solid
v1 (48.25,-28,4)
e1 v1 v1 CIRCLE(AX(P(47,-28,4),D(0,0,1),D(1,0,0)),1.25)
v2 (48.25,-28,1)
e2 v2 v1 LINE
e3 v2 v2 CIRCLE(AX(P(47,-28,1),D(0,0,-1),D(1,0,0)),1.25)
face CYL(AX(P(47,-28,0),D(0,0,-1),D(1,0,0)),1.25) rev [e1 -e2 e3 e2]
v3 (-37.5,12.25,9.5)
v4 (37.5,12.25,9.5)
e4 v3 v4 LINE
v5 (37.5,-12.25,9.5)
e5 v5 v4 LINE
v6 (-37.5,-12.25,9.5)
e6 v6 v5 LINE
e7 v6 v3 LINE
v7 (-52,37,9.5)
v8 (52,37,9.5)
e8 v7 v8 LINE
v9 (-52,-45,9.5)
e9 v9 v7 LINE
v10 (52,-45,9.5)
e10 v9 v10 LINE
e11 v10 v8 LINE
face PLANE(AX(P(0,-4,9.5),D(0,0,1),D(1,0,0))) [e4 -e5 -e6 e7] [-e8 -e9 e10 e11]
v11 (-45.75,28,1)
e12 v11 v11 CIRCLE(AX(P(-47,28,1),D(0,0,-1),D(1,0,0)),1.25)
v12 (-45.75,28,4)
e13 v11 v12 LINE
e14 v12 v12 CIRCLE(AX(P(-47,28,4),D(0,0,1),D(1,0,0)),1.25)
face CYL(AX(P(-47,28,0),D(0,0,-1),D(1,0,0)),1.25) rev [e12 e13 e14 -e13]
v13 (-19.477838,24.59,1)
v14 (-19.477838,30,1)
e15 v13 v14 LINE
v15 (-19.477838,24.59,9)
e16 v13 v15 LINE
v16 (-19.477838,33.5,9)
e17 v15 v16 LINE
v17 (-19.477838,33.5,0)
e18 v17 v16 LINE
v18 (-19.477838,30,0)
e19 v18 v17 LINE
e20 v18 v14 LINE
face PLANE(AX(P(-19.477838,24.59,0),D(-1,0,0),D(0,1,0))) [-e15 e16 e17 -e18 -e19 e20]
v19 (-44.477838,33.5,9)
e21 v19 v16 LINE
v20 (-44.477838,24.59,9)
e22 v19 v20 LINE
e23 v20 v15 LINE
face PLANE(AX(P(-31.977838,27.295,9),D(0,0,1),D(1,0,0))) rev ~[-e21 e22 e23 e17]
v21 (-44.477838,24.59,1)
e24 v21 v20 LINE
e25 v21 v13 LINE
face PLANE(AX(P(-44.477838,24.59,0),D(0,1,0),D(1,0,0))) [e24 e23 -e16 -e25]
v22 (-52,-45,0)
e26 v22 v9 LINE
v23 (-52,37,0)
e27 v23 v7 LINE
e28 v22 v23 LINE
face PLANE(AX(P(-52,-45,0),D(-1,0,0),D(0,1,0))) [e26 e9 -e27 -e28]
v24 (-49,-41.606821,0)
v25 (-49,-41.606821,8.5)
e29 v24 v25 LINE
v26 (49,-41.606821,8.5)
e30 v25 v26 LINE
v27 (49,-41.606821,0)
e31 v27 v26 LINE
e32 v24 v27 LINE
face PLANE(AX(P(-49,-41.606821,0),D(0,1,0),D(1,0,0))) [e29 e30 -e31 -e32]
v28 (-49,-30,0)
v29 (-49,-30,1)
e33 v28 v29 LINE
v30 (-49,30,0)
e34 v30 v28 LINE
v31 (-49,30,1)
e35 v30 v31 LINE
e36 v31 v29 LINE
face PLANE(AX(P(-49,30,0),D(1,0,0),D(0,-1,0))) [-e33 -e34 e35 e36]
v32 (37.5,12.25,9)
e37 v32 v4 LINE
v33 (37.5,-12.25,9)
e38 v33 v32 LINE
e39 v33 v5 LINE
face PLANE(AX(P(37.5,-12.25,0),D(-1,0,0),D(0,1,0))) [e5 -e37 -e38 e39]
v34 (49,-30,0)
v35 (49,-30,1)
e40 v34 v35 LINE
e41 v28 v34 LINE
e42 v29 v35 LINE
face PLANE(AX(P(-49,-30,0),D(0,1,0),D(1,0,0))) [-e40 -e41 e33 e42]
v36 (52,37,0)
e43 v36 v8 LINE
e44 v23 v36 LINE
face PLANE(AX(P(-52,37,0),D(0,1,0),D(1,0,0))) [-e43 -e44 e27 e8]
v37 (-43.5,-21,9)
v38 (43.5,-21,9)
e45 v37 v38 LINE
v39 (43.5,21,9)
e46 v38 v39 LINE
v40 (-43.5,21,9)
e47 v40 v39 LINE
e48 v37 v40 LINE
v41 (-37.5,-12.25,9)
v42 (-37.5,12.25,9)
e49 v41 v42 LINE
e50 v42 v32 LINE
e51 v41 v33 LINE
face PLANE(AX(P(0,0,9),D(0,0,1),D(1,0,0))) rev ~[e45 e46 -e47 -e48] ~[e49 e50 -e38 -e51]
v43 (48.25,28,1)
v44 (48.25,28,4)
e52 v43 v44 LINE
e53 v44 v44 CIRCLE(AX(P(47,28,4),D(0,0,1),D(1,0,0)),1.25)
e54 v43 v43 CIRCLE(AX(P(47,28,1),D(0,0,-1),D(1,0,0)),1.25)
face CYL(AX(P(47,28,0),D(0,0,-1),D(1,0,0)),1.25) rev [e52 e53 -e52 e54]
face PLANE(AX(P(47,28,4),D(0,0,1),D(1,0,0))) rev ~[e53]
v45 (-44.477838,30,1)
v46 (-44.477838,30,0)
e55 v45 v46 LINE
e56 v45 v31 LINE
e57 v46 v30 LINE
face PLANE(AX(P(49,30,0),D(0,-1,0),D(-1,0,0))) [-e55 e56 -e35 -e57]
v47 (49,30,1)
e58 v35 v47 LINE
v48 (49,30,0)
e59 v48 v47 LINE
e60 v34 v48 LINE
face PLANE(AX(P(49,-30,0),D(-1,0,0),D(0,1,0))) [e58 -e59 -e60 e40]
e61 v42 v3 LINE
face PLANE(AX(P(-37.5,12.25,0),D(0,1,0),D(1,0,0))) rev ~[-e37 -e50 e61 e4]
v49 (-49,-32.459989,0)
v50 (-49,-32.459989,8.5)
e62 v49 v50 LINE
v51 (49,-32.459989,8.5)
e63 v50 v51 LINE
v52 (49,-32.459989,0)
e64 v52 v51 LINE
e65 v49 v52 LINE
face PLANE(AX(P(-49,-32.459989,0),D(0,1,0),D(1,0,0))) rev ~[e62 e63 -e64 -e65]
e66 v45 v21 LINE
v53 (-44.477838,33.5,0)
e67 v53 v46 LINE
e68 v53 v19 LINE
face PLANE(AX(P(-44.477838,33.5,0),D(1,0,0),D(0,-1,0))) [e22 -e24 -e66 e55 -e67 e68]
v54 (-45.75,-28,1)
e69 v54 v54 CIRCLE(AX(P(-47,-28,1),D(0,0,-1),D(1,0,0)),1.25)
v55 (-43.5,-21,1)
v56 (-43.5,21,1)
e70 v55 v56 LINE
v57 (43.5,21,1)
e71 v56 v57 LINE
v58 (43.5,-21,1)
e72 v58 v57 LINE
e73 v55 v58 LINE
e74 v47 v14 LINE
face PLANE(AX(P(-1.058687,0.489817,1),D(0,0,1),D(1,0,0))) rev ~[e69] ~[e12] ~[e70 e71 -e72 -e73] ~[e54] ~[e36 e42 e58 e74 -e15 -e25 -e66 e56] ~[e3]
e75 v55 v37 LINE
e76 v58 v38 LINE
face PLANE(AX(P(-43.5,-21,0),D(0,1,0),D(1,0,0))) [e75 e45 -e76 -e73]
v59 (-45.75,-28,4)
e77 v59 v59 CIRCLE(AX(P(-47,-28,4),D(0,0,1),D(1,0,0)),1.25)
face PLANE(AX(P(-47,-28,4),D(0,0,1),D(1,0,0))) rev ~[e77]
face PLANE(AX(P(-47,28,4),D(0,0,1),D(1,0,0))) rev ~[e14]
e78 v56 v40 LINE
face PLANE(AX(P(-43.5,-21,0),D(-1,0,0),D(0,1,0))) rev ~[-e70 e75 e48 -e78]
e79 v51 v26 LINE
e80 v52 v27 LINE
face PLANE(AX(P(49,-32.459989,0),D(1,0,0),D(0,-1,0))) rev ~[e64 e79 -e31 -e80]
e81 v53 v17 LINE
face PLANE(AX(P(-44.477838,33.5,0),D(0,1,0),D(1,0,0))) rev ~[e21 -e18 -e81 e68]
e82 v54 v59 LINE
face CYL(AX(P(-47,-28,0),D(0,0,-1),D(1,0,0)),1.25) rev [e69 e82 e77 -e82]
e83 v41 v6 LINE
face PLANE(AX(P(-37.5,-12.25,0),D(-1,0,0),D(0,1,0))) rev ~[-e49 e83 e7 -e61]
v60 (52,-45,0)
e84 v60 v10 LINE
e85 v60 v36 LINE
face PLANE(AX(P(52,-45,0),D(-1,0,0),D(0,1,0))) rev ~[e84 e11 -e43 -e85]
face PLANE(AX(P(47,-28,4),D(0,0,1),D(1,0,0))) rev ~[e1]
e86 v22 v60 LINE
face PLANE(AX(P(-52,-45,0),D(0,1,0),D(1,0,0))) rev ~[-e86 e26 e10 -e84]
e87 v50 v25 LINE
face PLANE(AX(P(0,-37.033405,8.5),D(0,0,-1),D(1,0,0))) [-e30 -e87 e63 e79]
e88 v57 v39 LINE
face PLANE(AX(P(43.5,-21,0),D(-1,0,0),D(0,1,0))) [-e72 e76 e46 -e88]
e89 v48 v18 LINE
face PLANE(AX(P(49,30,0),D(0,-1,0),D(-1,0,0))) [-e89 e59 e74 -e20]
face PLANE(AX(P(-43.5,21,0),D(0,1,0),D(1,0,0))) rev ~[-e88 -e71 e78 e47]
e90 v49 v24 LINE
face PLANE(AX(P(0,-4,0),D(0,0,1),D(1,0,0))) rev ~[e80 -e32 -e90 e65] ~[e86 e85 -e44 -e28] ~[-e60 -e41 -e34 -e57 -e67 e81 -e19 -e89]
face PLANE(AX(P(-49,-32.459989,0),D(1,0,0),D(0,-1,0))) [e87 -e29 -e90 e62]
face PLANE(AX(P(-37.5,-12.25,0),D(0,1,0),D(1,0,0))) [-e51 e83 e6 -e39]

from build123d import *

# Parameters (mm, degrees)
F1_W     = 104
F1_H     = 82
F1_W_2   = 87
F1_H_2   = 42
F1_W_3   = 75
F1_H_3   = 24.5
F1_W_4   = 25
F1_H_4   = 5.41
F1_H_5   = 3.5
F2_DEPTH = 9.5
F3_DEPTH = 9
F4_DEPTH = 1
F0_R     = 1.25
F5_DEPTH = 4
F6_W     = 98
F6_H     = 9.1468319297
F7_DEPTH = 8.5


with BuildPart() as f2:
    # F1 (on Top) → F2 (new body)
    with BuildSketch(Plane.XY):
        with Locations((0, -4)):
            Rectangle(F1_W, F1_H)
        Polygon((-44.4778376818, 30), (-44.4778376818, 33.5), (-19.4778376818, 33.5), (-19.4778376818, 30), (49, 30), (49, -30), (-49, -30), (-49, 30), align=None, mode=Mode.SUBTRACT)
        Polygon((-44.4778376818, 24.59), (-44.4778376818, 30), (-49, 30), (-49, -30), (49, -30), (49, 30), (-19.4778376818, 30), (-19.4778376818, 24.59), align=None)
        Rectangle(F1_W_2, F1_H_2, mode=Mode.SUBTRACT)
        Rectangle(F1_W_2, F1_H_2)
        Rectangle(F1_W_3, F1_H_3, mode=Mode.SUBTRACT)
        with Locations((-31.9778376818, 27.295)):
            Rectangle(F1_W_4, F1_H_4)
        with Locations((-31.9778376818, 31.75)):
            Rectangle(F1_W_4, F1_H_5)
    extrude(amount=F2_DEPTH)

    # F1 (on Top) → F3 (cut)
    with BuildSketch(Plane.XY):
        Rectangle(F1_W_2, F1_H_2)
        Rectangle(F1_W_3, F1_H_3, mode=Mode.SUBTRACT)
        with Locations((-31.9778376818, 27.295)):
            Rectangle(F1_W_4, F1_H_4)
        with Locations((-31.9778376818, 31.75)):
            Rectangle(F1_W_4, F1_H_5)
    extrude(amount=F3_DEPTH, mode=Mode.SUBTRACT)

    # F1 (on Top) → F4 (cut)
    with BuildSketch(Plane.XY):
        Polygon((-44.4778376818, 24.59), (-44.4778376818, 30), (-49, 30), (-49, -30), (49, -30), (49, 30), (-19.4778376818, 30), (-19.4778376818, 24.59), align=None)
        Rectangle(F1_W_2, F1_H_2, mode=Mode.SUBTRACT)
        Rectangle(F1_W_2, F1_H_2)
        Rectangle(F1_W_3, F1_H_3, mode=Mode.SUBTRACT)
        with Locations((-31.9778376818, 27.295)):
            Rectangle(F1_W_4, F1_H_4)
    extrude(amount=F4_DEPTH, mode=Mode.SUBTRACT)

    # F0 (on Top) → F5 (cut)
    with BuildSketch(Plane.XY):
        with Locations((-47, 28)):
            Circle(F0_R)
        with Locations((47, 28)):
            Circle(F0_R)
        with Locations((47, -28)):
            Circle(F0_R)
        with Locations((-47, -28)):
            Circle(F0_R)
    extrude(amount=F5_DEPTH, mode=Mode.SUBTRACT)

    # F6 (on face) → F7 (cut)
    with BuildSketch(Plane(origin=(0, 0, 0), x_dir=(1, 0, 0), z_dir=(0, 0, -1))):
        with Locations((0, 37.0334051549)):
            Rectangle(F6_W, F6_H)
    extrude(amount=-F7_DEPTH, mode=Mode.SUBTRACT)


solid = f2.part
